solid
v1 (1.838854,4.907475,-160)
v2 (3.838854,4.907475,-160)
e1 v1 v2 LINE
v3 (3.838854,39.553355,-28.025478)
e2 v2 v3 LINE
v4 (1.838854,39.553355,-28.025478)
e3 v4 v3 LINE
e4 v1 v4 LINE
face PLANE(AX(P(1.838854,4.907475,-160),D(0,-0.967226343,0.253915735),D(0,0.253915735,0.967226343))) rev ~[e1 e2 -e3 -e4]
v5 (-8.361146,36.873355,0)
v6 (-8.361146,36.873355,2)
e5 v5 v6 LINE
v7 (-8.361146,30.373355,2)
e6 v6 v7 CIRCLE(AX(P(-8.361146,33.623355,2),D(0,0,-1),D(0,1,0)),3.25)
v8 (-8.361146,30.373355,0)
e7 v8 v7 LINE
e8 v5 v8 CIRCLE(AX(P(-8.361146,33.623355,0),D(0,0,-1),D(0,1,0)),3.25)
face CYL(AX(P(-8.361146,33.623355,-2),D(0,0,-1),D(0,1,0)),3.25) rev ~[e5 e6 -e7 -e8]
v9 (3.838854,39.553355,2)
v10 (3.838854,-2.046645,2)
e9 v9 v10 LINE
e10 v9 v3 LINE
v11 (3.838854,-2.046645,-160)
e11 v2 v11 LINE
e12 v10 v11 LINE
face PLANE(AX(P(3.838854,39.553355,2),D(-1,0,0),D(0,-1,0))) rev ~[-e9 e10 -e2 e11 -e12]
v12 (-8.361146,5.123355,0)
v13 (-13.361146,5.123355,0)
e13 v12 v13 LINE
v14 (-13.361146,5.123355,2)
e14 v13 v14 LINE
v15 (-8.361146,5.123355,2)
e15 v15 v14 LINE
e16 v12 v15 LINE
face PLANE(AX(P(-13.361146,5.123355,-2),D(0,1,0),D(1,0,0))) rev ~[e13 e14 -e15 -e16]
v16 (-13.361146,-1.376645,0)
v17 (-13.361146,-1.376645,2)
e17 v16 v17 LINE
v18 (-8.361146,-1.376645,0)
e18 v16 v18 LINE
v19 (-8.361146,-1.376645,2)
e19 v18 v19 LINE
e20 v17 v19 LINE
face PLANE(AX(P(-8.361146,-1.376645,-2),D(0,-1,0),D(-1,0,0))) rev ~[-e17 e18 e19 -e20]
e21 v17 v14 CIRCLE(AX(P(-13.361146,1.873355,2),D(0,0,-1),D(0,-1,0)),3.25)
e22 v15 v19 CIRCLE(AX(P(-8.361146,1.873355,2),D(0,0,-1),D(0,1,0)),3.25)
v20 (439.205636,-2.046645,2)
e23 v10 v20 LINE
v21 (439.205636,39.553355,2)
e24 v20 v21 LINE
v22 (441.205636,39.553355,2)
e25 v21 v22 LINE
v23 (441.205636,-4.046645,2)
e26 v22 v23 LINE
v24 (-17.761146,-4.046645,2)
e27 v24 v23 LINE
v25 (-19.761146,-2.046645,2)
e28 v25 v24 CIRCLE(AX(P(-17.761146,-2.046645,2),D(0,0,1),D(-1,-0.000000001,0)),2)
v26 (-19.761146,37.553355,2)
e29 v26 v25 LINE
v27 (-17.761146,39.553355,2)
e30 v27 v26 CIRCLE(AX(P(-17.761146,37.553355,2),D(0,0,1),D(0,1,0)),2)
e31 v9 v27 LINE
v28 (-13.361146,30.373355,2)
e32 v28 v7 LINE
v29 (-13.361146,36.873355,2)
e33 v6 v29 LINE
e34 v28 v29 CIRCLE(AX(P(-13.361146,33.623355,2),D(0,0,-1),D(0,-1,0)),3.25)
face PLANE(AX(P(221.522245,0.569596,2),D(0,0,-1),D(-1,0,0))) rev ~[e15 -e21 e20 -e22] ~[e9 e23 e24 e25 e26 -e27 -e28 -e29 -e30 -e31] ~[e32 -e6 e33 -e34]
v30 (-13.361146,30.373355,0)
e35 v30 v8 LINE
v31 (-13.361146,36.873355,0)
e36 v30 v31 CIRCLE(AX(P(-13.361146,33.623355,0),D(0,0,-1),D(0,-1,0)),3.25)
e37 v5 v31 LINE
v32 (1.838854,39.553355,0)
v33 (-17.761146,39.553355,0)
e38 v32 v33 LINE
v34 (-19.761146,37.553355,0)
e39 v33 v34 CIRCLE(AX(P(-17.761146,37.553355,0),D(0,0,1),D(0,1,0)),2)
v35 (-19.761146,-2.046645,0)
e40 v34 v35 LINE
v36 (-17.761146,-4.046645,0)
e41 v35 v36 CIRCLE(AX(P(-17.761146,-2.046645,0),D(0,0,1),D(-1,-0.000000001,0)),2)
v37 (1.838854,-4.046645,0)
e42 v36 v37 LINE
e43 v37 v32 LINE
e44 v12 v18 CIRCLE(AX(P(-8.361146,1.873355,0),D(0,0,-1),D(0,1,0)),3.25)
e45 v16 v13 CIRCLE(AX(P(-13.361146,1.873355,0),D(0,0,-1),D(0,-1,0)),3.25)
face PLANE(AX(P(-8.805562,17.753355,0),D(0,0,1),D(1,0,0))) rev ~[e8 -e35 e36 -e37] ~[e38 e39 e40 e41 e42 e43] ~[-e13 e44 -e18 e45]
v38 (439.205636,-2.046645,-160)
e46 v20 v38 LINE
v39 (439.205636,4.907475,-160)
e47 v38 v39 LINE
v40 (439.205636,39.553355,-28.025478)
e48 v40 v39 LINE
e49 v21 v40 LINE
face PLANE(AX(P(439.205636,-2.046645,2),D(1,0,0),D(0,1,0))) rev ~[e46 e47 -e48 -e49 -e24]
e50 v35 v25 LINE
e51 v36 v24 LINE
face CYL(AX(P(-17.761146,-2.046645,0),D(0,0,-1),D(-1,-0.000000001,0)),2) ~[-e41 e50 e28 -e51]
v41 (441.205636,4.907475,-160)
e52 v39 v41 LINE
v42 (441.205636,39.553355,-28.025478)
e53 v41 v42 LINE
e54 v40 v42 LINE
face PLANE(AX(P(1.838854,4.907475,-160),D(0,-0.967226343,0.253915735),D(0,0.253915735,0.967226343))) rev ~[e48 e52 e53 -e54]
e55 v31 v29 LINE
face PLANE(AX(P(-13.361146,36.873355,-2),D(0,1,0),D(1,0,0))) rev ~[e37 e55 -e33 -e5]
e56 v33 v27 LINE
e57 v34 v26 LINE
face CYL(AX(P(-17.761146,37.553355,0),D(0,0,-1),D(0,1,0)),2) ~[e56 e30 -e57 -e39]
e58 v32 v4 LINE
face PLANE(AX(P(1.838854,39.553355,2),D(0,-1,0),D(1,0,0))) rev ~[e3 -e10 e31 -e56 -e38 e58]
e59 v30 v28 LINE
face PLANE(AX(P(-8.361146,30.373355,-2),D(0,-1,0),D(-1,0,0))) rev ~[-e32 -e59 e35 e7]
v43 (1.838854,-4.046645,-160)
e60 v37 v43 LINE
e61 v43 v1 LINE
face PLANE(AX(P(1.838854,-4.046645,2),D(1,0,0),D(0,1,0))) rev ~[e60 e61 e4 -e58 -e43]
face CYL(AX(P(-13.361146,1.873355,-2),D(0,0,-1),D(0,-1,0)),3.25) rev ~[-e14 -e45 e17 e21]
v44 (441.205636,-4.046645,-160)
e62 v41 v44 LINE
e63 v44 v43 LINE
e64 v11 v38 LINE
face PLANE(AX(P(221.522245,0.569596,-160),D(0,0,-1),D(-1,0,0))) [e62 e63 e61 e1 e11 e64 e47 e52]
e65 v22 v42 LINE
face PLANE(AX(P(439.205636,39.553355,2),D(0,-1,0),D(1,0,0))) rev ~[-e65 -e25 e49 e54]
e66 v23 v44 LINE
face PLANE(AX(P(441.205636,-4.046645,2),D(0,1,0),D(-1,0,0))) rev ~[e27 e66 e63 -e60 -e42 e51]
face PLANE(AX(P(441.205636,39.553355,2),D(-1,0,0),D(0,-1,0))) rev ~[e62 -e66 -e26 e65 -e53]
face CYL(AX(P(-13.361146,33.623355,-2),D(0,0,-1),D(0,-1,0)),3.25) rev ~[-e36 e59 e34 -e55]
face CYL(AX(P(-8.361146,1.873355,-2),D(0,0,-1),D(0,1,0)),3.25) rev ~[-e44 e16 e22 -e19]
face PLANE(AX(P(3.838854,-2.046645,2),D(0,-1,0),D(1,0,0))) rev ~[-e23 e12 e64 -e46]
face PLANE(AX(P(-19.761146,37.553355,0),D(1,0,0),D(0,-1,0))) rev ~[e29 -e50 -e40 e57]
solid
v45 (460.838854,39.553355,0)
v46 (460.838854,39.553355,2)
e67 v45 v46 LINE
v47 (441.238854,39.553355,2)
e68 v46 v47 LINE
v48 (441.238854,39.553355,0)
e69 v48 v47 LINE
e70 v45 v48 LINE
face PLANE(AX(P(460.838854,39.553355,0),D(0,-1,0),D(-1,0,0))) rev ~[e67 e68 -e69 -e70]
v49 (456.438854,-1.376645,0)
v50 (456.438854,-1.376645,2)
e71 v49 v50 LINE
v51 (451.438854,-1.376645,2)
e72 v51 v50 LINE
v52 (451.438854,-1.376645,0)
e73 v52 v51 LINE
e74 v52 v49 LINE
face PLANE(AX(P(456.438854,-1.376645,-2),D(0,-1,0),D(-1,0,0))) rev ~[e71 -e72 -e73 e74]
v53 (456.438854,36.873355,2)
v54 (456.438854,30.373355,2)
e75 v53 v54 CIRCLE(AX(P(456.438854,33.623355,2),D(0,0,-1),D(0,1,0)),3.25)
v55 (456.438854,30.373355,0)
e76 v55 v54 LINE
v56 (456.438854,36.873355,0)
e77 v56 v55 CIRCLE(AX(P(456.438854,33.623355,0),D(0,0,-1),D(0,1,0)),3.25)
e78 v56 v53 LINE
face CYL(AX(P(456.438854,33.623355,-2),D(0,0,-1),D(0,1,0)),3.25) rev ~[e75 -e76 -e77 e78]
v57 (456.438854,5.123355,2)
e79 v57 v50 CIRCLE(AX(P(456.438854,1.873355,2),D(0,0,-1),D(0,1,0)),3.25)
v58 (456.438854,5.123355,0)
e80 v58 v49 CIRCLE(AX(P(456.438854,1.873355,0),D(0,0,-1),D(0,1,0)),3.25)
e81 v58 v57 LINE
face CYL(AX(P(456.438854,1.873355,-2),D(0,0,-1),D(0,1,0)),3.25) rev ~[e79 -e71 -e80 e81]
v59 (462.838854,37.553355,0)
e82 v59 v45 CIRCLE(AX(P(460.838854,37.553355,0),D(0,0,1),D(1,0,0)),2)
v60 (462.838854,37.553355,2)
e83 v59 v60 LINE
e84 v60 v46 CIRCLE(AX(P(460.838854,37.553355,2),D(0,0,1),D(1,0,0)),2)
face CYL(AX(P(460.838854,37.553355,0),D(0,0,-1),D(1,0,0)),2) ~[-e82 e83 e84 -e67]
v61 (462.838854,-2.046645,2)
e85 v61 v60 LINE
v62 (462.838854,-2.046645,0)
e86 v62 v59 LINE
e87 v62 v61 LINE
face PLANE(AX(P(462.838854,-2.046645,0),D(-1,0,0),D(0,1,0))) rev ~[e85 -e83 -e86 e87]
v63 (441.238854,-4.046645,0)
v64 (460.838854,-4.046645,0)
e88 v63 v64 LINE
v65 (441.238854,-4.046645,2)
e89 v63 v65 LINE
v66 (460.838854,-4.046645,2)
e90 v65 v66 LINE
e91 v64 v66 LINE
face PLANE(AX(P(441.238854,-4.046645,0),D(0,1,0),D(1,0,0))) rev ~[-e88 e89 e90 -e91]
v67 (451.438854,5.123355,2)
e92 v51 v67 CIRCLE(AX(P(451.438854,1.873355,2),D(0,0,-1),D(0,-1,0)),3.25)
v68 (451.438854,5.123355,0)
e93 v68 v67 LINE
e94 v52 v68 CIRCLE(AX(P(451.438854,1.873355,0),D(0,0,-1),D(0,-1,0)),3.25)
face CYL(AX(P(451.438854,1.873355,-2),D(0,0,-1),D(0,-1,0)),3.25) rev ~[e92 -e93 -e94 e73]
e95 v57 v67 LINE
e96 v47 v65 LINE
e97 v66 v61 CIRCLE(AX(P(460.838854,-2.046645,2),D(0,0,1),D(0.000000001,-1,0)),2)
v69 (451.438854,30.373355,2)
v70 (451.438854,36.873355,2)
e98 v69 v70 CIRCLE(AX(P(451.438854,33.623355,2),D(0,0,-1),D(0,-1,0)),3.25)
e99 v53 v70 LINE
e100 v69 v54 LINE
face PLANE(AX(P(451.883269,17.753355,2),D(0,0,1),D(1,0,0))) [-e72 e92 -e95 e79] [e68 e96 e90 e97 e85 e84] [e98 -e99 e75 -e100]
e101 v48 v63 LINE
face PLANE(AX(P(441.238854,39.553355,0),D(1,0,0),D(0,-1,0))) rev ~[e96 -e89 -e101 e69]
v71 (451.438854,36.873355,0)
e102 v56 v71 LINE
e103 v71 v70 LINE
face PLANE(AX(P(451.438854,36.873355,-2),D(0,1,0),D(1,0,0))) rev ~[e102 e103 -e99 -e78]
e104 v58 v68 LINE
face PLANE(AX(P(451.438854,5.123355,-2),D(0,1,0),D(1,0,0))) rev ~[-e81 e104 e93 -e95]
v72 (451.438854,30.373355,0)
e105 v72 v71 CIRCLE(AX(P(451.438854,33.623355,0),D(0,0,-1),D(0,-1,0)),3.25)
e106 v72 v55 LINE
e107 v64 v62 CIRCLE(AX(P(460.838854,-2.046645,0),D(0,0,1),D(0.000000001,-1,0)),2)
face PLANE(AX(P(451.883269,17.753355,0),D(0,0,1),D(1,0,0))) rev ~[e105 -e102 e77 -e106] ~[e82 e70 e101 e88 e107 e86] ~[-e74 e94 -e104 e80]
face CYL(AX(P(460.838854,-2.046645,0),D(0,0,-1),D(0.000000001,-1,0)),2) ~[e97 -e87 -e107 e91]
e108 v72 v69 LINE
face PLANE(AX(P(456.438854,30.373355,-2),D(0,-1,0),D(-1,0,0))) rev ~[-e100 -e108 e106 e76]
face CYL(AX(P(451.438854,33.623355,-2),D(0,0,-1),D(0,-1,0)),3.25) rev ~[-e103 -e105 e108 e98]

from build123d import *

# Parameters (mm, degrees)
BOSS_EXTRUDE1_DEPTH     = 2
BOSS_EXTRUDE1_2_DEPTH   = 2
CUT_EXTRUDE4_DEPTH      = 465.530162852
CUT_EXTRUDE4_DEPTH_BACK = 2
BOSS_EXTRUDE2_DEPTH     = 162
CUT_EXTRUDE5_DEPTH      = 517


with BuildPart() as part:
    # Sketch2 → Boss-Extrude1 (new body)
    with BuildSketch(Plane.XY):
        with BuildLine():
            Line((-19.761146461, 37.553354522), (-19.761146461, -2.046645478))
            ThreePointArc((-19.761146461, -2.046645478), (-19.175360023, -3.46085904), (-17.761146461, -4.046645478))
            Line((-17.761146461, -4.046645478), (1.838853539, -4.046645478))
            Line((1.838853539, -4.046645478), (1.838853539, -2.446645478))
            Line((1.838853539, -2.446645478), (1.838853539, 37.953354522))
            Line((1.838853539, 37.953354522), (1.838853539, 39.553354522))
            Line((1.838853539, 39.553354522), (-17.761146461, 39.553354522))
            ThreePointArc((-17.761146461, 39.553354522), (-19.175360023, 38.967568085), (-19.761146461, 37.553354522))
        make_face()
    extrude(amount=BOSS_EXTRUDE1_DEPTH)


with BuildPart() as body_2:
    # Sketch2 → Boss-Extrude1 2 (new body)
    with BuildSketch(Plane.XY):
        with BuildLine():
            Line((441.238853539, -2.446645478), (441.238853539, -4.046645478))
            Line((441.238853539, -4.046645478), (460.838853539, -4.046645478))
            ThreePointArc((460.838853539, -4.046645478), (462.253067101, -3.46085904), (462.838853539, -2.046645478))
            Line((462.838853539, -2.046645478), (462.838853539, 37.553354522))
            ThreePointArc((462.838853539, 37.553354522), (462.253067101, 38.967568085), (460.838853539, 39.553354522))
            Line((460.838853539, 39.553354522), (441.238853539, 39.553354522))
            Line((441.238853539, 39.553354522), (441.238853539, 37.953354522))
            Line((441.238853539, 37.953354522), (441.238853539, -2.446645478))
        make_face()
    extrude(amount=BOSS_EXTRUDE1_2_DEPTH)


with BuildPart() as cut_extrude4_tool:
    # Sketch3 → Cut-Extrude4 (new, two sides: drawn at the far end of the back side and taken through both)
    with BuildSketch(Plane.XY.offset(-CUT_EXTRUDE4_DEPTH_BACK)):
        with BuildLine():
            Line((-8.361146461, -1.376645478), (-13.361146461, -1.376645478))
            ThreePointArc((-13.361146461, -1.376645478), (-16.611146461, 1.873354522), (-13.361146461, 5.123354522))
            Line((-13.361146461, 5.123354522), (-8.361146461, 5.123354522))
            ThreePointArc((-8.361146461, 5.123354522), (-5.111146461, 1.873354522), (-8.361146461, -1.376645478))
        make_face()
        with BuildLine():
            Line((-8.361146461, 30.373354522), (-13.361146461, 30.373354522))
            ThreePointArc((-13.361146461, 30.373354522), (-16.611146461, 33.623354522), (-13.361146461, 36.873354522))
            Line((-13.361146461, 36.873354522), (-8.361146461, 36.873354522))
            ThreePointArc((-8.361146461, 36.873354522), (-5.111146461, 33.623354522), (-8.361146461, 30.373354522))
        make_face()
        with BuildLine():
            Line((456.438853539, -1.376645478), (451.438853539, -1.376645478))
            ThreePointArc((451.438853539, -1.376645478), (448.188853539, 1.873354522), (451.438853539, 5.123354522))
            Line((451.438853539, 5.123354522), (456.438853539, 5.123354522))
            ThreePointArc((456.438853539, 5.123354522), (459.688853539, 1.873354522), (456.438853539, -1.376645478))
        make_face()
        with BuildLine():
            Line((456.438853539, 30.373354522), (451.438853539, 30.373354522))
            ThreePointArc((451.438853539, 30.373354522), (448.188853539, 33.623354522), (451.438853539, 36.873354522))
            Line((451.438853539, 36.873354522), (456.438853539, 36.873354522))
            ThreePointArc((456.438853539, 36.873354522), (459.688853539, 33.623354522), (456.438853539, 30.373354522))
        make_face()
    extrude(amount=CUT_EXTRUDE4_DEPTH + CUT_EXTRUDE4_DEPTH_BACK)


with BuildPart() as part_1:
    add(part.part)

    # Cut-Extrude4: cut by cut_extrude4_tool
    add(cut_extrude4_tool.part, mode=Mode.SUBTRACT)

    # Sketch4 → Boss-Extrude2 (add)
    with BuildSketch(Plane.XY.offset(2)):
        Polygon((439.205636074, 39.553354522), (441.205636074, 39.553354522), (441.205636074, -4.046645478), (1.838853539, -4.046645478), (1.838853539, 39.553354522), (3.838853539, 39.553354522), (3.838853539, -2.046645478), (439.205636074, -2.046645478), align=None)
    extrude(amount=-BOSS_EXTRUDE2_DEPTH)

    # Sketch5 → Cut-Extrude5 (cut)
    with BuildSketch(Plane.ZY.offset(-1.838853539)):
        Polygon((-160, 4.907474546), (-28.02547798, 39.553354522), (-160, 39.553354522), align=None)
    extrude(amount=-CUT_EXTRUDE5_DEPTH, mode=Mode.SUBTRACT)


with BuildPart() as body_2_1:
    add(body_2.part)

    # Cut-Extrude4: cut by cut_extrude4_tool
    add(cut_extrude4_tool.part, mode=Mode.SUBTRACT)


solid = Compound([part_1.part, body_2_1.part])
